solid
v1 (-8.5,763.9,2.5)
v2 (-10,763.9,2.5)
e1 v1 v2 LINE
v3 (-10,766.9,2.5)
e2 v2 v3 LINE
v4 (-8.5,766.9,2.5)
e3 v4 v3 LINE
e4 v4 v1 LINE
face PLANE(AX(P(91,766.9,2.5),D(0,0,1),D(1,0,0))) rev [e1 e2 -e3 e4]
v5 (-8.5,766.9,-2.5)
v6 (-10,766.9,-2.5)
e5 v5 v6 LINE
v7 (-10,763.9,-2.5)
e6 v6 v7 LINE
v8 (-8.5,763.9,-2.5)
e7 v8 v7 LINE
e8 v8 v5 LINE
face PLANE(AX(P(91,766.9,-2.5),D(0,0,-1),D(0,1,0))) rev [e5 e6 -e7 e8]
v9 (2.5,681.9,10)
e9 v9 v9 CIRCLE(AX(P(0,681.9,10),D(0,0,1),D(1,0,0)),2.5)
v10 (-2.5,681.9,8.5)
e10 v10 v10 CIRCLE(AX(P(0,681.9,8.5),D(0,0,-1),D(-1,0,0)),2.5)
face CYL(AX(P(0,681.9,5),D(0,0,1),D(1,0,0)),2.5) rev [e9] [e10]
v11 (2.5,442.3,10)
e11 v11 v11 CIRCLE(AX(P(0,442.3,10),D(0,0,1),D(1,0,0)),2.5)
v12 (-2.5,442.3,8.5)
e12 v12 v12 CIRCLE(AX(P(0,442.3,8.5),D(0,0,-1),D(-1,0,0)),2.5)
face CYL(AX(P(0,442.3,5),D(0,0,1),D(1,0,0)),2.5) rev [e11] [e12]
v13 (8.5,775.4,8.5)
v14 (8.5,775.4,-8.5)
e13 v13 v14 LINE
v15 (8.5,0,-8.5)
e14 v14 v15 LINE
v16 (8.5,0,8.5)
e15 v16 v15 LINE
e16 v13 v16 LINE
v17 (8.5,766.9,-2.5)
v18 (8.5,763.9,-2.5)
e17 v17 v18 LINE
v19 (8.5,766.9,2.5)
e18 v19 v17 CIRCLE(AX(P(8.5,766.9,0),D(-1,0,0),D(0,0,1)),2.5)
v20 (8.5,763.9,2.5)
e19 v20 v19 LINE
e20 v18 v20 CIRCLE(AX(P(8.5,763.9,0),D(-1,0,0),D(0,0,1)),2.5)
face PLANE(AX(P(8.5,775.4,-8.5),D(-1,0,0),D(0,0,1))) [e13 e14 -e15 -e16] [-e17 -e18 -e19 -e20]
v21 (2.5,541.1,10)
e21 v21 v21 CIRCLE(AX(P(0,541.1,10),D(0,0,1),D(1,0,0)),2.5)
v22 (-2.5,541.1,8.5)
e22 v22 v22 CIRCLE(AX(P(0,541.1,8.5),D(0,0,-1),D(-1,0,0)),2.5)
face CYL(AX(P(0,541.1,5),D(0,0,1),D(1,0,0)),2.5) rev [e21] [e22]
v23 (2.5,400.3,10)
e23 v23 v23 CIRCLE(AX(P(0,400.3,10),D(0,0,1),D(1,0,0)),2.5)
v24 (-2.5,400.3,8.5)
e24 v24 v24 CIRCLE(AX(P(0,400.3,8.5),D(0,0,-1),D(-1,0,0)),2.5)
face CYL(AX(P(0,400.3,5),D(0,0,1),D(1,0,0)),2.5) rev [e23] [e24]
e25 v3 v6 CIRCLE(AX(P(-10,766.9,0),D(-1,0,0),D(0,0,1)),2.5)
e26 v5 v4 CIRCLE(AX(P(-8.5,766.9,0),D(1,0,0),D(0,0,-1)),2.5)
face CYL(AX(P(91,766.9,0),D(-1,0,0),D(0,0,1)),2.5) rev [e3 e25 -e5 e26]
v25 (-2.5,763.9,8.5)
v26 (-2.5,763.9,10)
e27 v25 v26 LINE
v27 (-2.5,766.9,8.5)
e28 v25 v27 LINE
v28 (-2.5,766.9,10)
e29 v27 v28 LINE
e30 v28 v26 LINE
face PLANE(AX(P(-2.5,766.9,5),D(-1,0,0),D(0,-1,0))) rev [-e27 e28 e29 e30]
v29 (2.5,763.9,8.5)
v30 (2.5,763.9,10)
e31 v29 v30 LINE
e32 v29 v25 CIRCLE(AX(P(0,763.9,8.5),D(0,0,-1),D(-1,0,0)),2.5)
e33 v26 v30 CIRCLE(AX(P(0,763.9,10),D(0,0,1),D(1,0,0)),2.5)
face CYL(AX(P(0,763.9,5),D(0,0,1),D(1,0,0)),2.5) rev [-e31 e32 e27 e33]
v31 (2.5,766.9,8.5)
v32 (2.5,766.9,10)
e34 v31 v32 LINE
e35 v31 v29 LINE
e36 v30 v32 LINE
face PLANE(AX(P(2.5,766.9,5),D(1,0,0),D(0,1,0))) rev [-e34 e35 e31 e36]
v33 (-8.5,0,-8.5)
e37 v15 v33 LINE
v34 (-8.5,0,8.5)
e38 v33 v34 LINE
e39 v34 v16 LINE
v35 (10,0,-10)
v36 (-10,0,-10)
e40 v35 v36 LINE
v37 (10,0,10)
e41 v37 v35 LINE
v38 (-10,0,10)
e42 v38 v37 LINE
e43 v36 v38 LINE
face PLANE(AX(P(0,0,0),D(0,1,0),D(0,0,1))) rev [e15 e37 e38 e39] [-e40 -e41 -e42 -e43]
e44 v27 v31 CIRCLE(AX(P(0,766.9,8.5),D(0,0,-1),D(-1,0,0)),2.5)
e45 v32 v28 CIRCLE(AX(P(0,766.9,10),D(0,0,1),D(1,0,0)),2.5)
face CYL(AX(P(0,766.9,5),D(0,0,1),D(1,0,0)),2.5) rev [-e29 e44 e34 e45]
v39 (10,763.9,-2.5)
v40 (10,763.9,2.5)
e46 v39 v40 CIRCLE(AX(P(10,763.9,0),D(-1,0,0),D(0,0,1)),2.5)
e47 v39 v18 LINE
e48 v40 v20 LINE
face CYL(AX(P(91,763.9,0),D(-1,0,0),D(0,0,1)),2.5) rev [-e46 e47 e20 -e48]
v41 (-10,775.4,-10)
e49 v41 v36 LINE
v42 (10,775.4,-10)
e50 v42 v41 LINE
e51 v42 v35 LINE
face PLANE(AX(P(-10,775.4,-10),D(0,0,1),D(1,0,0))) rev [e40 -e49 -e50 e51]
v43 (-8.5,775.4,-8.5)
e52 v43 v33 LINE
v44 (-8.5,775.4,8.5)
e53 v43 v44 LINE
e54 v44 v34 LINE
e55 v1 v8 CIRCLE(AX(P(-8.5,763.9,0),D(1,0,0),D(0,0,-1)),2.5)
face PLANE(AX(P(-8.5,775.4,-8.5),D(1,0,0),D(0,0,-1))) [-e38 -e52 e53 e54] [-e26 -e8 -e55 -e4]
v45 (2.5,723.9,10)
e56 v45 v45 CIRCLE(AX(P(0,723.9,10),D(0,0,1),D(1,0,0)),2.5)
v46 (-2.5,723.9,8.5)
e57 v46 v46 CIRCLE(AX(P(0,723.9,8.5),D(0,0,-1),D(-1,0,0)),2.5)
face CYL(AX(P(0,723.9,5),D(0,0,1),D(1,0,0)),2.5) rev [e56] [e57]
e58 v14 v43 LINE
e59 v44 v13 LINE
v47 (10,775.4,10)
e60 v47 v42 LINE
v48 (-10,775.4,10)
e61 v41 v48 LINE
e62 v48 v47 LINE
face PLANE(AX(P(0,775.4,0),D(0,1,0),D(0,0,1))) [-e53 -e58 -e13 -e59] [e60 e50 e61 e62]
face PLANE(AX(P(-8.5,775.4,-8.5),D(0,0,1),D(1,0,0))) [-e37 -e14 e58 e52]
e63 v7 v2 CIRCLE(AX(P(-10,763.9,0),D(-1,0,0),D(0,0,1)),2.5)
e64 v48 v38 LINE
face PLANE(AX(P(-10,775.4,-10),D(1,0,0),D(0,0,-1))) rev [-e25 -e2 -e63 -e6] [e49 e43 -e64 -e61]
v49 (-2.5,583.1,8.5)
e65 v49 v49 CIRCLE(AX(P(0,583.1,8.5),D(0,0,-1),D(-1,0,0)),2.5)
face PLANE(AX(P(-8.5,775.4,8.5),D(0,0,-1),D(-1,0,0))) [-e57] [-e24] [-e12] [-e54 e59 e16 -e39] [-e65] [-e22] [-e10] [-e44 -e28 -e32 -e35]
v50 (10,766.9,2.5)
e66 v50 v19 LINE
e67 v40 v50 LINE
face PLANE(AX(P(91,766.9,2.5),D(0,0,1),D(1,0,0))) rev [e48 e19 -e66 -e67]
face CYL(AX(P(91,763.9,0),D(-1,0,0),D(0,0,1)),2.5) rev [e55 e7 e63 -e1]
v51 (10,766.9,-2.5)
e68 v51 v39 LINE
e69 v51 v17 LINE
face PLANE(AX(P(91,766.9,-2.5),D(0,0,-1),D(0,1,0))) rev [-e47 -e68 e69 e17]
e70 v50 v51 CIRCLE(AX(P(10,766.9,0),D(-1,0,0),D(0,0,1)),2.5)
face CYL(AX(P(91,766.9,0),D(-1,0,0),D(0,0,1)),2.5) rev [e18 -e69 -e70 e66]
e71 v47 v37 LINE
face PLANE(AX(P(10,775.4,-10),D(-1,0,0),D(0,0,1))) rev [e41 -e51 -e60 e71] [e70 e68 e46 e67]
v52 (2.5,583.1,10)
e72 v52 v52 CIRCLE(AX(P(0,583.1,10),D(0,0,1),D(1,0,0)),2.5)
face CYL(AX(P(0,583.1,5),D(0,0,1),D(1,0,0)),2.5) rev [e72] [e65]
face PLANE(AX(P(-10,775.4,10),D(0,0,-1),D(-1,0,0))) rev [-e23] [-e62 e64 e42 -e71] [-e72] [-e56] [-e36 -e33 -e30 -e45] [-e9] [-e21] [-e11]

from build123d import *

# Parameters (mm, degrees)
SKETCH1_W           = 20
SKETCH1_H           = 20
SKETCH1_W_2         = 17
SKETCH1_H_2         = 17
BOSS_EXTRUDE1_DEPTH = 775.4
CUT_EXTRUDE1_DEPTH  = 5
SKETCH3_R           = 2.5
CUT_EXTRUDE8_DEPTH  = 5
CUT_EXTRUDE10_DEPTH = 101


with BuildPart() as part:
    # Sketch1 → Boss-Extrude1 (new body)
    with BuildSketch(Plane(origin=(0, 0, 0), x_dir=(1, 0, 0), z_dir=(0, 1, 0))):
        Rectangle(SKETCH1_W, SKETCH1_H)
        Rectangle(SKETCH1_W_2, SKETCH1_H_2, mode=Mode.SUBTRACT)
    extrude(amount=BOSS_EXTRUDE1_DEPTH)

    # Sketch2 → Cut-Extrude1 (cut)
    with BuildSketch(Plane.XY.offset(10)):
        with BuildLine():
            Line((-2.5, 766.9), (-2.5, 763.9))
            ThreePointArc((-2.5, 763.9), (0, 761.4), (2.5, 763.9))
            Line((2.5, 763.9), (2.5, 766.9))
            ThreePointArc((2.5, 766.9), (0, 769.4), (-2.5, 766.9))
        make_face()
    extrude(amount=-CUT_EXTRUDE1_DEPTH, mode=Mode.SUBTRACT)

    # Sketch3 → Cut-Extrude8 (cut)
    with BuildSketch(Plane.XY.offset(10)):
        with Locations((0, 723.9)):
            Circle(SKETCH3_R)
        with Locations((0, 681.9)):
            Circle(SKETCH3_R)
        with Locations((0, 583.1)):
            Circle(SKETCH3_R)
        with Locations((0, 541.1)):
            Circle(SKETCH3_R)
        with Locations((0, 442.3)):
            Circle(SKETCH3_R)
        with Locations((0, 400.3)):
            Circle(SKETCH3_R)
    extrude(amount=-CUT_EXTRUDE8_DEPTH, mode=Mode.SUBTRACT)

    # Sketch10 → Cut-Extrude10 (cut)
    with BuildSketch(Plane.ZY.offset(10)):
        with BuildLine():
            Line((-2.5, 766.9), (-2.5, 763.9))
            ThreePointArc((-2.5, 763.9), (0, 761.4), (2.5, 763.9))
            Line((2.5, 763.9), (2.5, 766.9))
            ThreePointArc((2.5, 766.9), (0, 769.4), (-2.5, 766.9))
        make_face()
    extrude(amount=-CUT_EXTRUDE10_DEPTH, mode=Mode.SUBTRACT)


solid = part.part
